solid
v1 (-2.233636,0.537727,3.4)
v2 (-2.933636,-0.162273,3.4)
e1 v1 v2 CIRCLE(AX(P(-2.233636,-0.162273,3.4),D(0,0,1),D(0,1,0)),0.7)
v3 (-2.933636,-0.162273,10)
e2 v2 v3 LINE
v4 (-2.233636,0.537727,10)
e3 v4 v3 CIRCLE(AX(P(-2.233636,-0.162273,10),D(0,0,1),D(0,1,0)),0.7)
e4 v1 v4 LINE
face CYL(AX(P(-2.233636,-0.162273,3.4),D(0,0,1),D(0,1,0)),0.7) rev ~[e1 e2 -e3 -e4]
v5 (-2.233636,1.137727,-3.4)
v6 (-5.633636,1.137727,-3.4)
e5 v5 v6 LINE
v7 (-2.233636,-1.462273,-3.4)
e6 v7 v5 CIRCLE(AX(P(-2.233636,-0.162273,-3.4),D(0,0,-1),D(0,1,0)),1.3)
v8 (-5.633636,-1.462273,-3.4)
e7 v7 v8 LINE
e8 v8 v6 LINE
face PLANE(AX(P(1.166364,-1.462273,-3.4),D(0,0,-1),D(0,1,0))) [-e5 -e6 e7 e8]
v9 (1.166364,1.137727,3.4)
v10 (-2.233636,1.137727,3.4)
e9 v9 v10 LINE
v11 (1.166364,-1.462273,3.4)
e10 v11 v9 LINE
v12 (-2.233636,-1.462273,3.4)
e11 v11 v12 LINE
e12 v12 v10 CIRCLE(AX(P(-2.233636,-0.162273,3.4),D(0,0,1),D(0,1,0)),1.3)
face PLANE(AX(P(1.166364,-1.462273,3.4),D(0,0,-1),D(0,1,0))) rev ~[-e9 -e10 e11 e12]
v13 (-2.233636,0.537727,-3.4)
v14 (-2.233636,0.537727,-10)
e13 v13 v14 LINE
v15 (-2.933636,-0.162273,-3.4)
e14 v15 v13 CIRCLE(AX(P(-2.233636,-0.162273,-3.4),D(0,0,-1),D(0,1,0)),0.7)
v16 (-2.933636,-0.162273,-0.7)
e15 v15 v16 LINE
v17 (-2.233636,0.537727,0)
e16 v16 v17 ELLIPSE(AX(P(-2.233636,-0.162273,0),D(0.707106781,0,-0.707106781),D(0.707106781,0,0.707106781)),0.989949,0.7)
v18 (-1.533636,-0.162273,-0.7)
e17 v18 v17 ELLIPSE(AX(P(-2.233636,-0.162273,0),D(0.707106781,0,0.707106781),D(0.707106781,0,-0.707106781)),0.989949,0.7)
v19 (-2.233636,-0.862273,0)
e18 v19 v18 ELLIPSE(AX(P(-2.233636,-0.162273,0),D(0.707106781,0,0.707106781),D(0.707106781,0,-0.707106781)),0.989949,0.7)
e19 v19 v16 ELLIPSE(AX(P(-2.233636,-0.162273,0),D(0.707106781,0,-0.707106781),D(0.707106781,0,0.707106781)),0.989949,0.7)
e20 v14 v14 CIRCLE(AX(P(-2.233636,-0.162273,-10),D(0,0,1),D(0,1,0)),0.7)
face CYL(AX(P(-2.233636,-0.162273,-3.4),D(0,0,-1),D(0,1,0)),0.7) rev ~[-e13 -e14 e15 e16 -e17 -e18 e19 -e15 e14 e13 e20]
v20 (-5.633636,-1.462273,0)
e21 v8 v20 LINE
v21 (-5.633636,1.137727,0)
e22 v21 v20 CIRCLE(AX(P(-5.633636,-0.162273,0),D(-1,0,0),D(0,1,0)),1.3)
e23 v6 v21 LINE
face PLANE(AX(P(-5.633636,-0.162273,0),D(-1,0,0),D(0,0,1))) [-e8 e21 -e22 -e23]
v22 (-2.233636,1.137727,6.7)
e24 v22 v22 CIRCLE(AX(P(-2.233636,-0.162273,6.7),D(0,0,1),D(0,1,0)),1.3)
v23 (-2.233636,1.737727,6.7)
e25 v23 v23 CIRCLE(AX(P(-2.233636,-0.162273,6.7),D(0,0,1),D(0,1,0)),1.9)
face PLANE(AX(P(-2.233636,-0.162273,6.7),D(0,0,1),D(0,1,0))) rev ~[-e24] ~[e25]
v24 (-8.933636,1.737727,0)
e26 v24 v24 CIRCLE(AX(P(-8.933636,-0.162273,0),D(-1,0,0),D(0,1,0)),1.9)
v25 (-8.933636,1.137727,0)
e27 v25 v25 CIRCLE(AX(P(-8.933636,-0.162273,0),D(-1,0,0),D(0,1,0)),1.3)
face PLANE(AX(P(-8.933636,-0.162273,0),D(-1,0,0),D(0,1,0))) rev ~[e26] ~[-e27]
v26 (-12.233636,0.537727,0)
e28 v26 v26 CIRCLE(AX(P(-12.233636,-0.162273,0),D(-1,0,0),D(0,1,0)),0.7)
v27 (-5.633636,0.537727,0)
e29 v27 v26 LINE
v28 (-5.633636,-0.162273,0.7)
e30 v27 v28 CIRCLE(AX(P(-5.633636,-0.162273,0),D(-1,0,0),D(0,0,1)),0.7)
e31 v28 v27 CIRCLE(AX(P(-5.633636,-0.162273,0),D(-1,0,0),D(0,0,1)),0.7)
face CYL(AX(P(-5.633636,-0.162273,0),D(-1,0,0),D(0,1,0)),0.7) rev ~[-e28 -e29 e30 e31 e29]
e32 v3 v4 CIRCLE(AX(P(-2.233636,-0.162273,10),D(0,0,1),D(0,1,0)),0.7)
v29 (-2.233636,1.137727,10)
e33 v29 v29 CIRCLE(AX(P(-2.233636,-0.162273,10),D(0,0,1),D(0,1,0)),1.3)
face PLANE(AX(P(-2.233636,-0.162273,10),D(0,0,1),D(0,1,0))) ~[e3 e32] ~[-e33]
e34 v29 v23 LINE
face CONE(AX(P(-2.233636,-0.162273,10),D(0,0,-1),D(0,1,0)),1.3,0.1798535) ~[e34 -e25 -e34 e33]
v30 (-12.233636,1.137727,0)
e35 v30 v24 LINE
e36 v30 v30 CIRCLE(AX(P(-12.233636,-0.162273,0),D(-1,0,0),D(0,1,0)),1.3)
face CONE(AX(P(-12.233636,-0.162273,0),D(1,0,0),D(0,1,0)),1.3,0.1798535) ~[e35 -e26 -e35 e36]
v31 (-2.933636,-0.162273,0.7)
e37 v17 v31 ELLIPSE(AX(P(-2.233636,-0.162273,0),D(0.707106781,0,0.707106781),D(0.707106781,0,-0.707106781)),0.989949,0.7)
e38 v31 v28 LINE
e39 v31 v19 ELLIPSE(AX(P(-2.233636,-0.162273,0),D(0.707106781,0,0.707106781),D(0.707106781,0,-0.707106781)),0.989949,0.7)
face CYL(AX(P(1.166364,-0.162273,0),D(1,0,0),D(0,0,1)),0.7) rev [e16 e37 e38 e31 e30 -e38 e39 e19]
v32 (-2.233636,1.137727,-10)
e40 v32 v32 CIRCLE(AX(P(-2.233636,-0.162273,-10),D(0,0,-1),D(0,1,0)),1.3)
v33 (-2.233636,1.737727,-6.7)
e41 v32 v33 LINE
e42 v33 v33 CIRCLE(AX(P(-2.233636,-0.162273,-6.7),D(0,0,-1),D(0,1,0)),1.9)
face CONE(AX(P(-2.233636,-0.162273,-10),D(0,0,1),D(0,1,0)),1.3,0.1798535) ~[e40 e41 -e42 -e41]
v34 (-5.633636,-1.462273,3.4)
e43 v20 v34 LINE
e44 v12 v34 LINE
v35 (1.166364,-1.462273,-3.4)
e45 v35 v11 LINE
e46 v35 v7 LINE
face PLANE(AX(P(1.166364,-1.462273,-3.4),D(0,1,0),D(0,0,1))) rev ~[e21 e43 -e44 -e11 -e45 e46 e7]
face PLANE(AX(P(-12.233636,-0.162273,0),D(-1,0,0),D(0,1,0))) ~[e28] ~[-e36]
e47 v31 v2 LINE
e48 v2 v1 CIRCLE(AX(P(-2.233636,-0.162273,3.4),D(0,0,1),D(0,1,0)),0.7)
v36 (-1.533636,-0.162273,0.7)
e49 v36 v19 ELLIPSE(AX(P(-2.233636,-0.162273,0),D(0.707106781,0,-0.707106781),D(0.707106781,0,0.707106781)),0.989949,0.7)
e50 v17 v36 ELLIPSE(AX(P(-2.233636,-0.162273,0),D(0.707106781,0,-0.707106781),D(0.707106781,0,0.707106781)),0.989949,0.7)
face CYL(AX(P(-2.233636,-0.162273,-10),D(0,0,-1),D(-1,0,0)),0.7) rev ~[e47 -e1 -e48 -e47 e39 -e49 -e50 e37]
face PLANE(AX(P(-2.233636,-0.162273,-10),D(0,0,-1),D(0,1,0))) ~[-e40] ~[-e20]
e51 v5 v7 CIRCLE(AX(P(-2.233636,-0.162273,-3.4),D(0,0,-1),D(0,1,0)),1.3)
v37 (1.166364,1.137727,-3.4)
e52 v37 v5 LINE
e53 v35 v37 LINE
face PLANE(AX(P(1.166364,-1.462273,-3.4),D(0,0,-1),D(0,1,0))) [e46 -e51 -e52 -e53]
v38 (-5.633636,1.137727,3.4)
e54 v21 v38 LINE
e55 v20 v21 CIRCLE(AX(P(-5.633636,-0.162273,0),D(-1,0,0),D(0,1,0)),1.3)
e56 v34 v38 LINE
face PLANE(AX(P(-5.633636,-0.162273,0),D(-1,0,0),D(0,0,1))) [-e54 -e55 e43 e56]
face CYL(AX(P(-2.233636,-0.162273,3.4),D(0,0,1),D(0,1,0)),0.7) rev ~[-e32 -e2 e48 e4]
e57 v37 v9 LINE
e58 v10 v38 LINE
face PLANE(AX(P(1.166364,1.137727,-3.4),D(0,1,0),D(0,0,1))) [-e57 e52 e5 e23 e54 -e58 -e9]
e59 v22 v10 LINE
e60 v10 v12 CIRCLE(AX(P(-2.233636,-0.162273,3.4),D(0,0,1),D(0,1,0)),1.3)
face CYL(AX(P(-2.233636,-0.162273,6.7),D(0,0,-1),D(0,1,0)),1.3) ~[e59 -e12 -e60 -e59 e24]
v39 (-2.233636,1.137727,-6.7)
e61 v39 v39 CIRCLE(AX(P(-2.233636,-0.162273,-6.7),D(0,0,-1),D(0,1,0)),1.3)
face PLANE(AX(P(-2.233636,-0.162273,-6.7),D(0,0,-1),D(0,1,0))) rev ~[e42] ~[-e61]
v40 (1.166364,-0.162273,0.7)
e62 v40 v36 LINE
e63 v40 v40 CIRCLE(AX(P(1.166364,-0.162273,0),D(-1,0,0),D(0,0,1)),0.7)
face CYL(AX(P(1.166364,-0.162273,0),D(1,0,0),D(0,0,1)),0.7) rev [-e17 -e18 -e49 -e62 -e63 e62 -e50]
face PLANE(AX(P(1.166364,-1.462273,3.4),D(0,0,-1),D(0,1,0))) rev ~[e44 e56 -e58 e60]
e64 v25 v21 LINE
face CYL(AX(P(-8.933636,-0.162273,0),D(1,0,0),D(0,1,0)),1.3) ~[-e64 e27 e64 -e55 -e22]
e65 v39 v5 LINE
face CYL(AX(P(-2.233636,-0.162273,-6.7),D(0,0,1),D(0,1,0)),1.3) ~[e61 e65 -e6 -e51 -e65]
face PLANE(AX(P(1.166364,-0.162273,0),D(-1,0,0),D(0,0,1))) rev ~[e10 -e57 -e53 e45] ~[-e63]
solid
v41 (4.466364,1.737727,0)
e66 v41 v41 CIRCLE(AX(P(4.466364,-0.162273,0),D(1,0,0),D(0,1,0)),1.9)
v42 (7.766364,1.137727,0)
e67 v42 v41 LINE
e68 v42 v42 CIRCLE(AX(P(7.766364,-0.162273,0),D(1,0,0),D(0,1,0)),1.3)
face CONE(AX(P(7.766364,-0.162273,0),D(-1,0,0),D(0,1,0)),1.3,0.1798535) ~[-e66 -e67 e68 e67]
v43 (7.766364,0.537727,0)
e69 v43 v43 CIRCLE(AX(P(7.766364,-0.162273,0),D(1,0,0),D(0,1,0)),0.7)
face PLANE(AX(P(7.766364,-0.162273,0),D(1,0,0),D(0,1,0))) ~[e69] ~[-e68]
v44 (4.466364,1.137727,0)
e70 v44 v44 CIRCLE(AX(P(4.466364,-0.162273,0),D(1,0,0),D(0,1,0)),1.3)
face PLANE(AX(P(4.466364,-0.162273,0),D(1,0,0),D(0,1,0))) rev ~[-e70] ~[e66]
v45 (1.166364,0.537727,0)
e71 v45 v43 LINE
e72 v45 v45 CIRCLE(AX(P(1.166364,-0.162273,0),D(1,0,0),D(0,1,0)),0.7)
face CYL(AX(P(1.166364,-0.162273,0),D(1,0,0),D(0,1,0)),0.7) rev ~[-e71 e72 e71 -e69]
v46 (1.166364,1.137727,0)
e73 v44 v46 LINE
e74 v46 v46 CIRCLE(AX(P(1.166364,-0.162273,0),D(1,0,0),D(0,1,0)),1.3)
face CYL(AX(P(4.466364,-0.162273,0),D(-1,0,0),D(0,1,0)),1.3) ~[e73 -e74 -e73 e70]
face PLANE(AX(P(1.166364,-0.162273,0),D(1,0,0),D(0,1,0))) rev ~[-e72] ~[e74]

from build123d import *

# Parameters (mm, degrees)
SKETCH2_W           = 6.8
SKETCH2_H           = 2.6
SKETCH2_R           = 0.7
BOSS_EXTRUDE1_DEPTH = 6.8
CIRPATTERN2_COUNT   = 4
SKETCH3_R           = 0.7
CUT_EXTRUDE1_DEPTH  = 24.535395206


with BuildPart() as part:
    # Sketch1 → Revolve2 (revolve)
    with BuildSketch(Plane.XY):
        Polygon((7.766363636, 0.537727273), (7.766363636, 1.137727273), (4.466363636, 1.737727273), (4.466363636, 1.137727273), (1.166363636, 1.137727273), (1.166363636, 0.537727273), align=None)
    revolve2 = revolve(axis=Axis((-4.790909091, -0.162272727, 0), (1, 0, 0)))


with BuildPart() as body_2:
    # Sketch2 → Boss-Extrude1 (new body)
    with BuildSketch(Plane.ZY.offset(-1.166363636)):
        with Locations((0, -0.162272727)):
            Rectangle(SKETCH2_W, SKETCH2_H)
        with Locations((0, -0.162272727)):
            Circle(SKETCH2_R, mode=Mode.SUBTRACT)
    extrude(amount=BOSS_EXTRUDE1_DEPTH)

    # CirPattern2: Revolve2 ×4 about axis
    cirpattern2_axis = Axis((-2.233636364, 1.267727273, 0), (0, -1, 0))
    for i in range(1, CIRPATTERN2_COUNT):
        add(revolve2.rotate(cirpattern2_axis, i * 360 / CIRPATTERN2_COUNT))

    # Sketch3 → Cut-Extrude1 (cut, through all)
    with BuildSketch(Plane(origin=(0, 0, -10), x_dir=(-1, 0, 0), z_dir=(0, 0, -1))):
        with Locations((2.233636364, -0.162272727)):
            Circle(SKETCH3_R)
    extrude(amount=-CUT_EXTRUDE1_DEPTH, mode=Mode.SUBTRACT)


solid = Compound([part.part, body_2.part])
